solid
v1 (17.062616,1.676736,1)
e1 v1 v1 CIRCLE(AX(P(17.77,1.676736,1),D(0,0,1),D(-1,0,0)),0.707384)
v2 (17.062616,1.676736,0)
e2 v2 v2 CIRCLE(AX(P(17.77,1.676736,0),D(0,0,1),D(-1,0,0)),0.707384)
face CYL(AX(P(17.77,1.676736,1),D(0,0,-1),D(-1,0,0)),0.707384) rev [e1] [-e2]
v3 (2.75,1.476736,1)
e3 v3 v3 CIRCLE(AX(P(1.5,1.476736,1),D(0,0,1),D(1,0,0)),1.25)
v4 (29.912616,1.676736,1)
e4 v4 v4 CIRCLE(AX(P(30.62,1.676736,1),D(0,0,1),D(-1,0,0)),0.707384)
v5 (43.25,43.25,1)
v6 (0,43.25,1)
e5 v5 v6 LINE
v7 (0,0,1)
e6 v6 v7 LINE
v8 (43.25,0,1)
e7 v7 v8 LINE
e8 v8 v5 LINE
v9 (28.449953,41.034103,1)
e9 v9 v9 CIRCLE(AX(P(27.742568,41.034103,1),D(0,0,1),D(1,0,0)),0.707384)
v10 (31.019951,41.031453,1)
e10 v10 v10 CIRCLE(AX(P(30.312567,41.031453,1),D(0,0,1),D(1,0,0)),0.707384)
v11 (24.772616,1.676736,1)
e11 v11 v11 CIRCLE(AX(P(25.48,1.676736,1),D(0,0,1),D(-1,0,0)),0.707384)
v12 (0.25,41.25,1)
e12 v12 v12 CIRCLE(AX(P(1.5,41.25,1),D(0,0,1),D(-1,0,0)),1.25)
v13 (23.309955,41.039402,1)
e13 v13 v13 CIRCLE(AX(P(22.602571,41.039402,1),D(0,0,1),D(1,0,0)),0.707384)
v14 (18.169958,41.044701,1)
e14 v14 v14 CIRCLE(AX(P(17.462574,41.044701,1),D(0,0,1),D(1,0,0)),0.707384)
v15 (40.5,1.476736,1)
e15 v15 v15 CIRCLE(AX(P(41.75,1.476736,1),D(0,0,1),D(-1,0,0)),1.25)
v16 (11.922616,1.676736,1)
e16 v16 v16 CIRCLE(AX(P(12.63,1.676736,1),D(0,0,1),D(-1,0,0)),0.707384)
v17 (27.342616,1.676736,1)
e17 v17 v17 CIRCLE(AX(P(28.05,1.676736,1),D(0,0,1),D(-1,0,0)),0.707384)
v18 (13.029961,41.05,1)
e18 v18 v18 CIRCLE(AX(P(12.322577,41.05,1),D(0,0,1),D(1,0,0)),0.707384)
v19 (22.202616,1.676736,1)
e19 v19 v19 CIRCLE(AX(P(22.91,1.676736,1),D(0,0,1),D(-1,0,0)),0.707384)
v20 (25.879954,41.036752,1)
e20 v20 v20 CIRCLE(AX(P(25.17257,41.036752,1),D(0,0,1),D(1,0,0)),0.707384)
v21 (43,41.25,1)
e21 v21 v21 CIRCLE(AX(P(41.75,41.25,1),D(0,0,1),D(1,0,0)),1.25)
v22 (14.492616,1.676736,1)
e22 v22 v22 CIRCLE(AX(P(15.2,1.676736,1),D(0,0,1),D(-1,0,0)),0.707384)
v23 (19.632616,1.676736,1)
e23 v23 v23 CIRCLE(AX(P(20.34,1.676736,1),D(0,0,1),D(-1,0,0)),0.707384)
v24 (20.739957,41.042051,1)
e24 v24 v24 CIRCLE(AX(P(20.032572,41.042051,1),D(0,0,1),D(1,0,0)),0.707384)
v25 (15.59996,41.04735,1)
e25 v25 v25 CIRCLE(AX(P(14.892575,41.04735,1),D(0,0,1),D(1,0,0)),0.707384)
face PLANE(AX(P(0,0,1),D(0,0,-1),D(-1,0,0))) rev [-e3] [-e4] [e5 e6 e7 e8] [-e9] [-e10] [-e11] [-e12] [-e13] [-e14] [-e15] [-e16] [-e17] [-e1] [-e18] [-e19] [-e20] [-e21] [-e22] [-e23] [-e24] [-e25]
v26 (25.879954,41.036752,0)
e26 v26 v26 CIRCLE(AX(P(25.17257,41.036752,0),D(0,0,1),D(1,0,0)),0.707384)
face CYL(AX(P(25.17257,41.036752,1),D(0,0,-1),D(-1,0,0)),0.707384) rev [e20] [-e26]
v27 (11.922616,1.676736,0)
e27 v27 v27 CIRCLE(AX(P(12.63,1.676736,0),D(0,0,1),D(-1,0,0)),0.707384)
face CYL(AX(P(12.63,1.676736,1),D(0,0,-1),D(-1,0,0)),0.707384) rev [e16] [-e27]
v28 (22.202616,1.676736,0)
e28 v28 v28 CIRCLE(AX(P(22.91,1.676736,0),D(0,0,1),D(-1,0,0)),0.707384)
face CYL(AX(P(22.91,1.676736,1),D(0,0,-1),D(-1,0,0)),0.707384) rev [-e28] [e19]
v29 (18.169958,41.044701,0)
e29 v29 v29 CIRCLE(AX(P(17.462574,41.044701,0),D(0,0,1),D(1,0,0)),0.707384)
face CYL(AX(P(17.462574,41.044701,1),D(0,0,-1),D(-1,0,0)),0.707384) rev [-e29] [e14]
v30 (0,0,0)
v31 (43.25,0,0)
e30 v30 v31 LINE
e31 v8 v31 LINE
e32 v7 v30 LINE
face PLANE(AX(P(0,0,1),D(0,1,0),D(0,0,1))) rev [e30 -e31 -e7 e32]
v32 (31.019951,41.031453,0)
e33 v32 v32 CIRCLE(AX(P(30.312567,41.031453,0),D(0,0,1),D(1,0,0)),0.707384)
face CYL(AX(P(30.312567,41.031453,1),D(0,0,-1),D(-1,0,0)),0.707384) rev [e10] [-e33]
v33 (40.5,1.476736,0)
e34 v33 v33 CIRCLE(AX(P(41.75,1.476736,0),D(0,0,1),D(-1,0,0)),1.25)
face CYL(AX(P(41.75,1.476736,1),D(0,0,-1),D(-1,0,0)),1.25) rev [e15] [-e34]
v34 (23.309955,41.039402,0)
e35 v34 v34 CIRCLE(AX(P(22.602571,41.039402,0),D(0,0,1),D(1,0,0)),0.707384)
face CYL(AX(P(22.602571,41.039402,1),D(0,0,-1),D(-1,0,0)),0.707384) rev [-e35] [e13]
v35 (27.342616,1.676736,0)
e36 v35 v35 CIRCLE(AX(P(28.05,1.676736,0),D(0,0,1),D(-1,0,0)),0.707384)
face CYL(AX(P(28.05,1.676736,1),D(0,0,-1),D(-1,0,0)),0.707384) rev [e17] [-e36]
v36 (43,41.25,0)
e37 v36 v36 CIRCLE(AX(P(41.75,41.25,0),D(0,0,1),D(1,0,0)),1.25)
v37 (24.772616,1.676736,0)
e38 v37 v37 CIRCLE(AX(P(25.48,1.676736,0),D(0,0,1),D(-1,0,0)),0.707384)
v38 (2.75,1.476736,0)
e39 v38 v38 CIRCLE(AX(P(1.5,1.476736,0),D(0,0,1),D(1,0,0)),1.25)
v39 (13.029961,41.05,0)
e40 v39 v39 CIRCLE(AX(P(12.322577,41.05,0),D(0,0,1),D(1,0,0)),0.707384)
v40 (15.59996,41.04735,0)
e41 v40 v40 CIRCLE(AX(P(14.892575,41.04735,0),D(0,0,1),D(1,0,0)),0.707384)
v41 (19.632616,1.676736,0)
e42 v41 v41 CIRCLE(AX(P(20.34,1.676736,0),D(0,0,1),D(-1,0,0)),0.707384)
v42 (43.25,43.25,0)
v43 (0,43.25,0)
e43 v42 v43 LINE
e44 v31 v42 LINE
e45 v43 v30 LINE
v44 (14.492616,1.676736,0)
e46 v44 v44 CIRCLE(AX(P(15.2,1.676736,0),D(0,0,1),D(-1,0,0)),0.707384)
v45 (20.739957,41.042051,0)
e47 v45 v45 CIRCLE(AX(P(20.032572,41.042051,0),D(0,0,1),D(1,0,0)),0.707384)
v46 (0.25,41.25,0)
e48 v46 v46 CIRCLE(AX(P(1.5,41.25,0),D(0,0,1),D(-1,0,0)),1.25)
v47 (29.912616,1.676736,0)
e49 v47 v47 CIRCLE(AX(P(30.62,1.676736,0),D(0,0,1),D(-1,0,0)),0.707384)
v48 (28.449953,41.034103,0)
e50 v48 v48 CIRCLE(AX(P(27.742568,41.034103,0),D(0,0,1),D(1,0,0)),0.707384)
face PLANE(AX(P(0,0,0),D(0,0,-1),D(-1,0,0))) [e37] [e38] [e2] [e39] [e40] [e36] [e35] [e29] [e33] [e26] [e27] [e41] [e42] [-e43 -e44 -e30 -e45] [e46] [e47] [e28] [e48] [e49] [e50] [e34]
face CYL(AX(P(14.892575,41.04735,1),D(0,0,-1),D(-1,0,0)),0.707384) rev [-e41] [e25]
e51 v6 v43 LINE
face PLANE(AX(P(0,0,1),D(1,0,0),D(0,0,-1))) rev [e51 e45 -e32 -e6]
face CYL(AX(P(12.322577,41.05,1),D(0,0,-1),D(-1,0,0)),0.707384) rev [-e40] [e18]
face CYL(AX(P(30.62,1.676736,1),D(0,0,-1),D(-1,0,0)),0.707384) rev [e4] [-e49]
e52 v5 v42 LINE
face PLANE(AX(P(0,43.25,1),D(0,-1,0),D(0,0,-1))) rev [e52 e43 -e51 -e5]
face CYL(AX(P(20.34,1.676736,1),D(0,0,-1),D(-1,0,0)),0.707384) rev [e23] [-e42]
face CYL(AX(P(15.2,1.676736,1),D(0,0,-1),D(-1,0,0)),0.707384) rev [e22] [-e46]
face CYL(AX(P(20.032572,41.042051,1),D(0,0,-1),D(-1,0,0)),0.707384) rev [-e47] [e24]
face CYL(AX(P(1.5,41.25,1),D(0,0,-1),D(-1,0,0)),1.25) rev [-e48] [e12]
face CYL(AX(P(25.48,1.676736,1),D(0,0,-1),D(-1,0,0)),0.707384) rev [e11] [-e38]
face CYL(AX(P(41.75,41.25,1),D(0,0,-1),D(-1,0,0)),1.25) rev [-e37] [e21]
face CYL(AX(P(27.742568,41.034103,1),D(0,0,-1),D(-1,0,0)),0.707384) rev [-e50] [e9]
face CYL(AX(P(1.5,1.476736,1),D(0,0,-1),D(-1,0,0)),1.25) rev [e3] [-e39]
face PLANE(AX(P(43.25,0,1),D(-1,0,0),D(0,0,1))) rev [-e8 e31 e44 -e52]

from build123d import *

# Parameters (mm, degrees)
ESBO_O1_W                = 43.25
ESBO_O1_H                = 43.25
ESBO_O1_R                = 1.25
ESBO_O1_R_2              = 0.707384329
RESSALTO_EXTRUS_O2_DEPTH = 1


with BuildPart() as part:
    # Esboço1 → Ressalto-extrusão2 (new body)
    with BuildSketch(Plane.XY):
        with Locations((21.625, 21.625)):
            Rectangle(ESBO_O1_W, ESBO_O1_H)
        with Locations((1.5, 41.25)):
            Circle(ESBO_O1_R, mode=Mode.SUBTRACT)
        with Locations((12.322576567, 41.05)):
            Circle(ESBO_O1_R_2, mode=Mode.SUBTRACT)
        with Locations((41.75, 41.25)):
            Circle(ESBO_O1_R, mode=Mode.SUBTRACT)
        with Locations((14.892575201, 41.047350464)):
            Circle(ESBO_O1_R_2, mode=Mode.SUBTRACT)
        with Locations((17.462573835, 41.044700929)):
            Circle(ESBO_O1_R_2, mode=Mode.SUBTRACT)
        with Locations((20.03257247, 41.042051393)):
            Circle(ESBO_O1_R_2, mode=Mode.SUBTRACT)
        with Locations((22.602571104, 41.039401857)):
            Circle(ESBO_O1_R_2, mode=Mode.SUBTRACT)
        with Locations((25.172569738, 41.036752321)):
            Circle(ESBO_O1_R_2, mode=Mode.SUBTRACT)
        with Locations((27.742568372, 41.034102786)):
            Circle(ESBO_O1_R_2, mode=Mode.SUBTRACT)
        with Locations((30.312567007, 41.03145325)):
            Circle(ESBO_O1_R_2, mode=Mode.SUBTRACT)
        with Locations((30.62, 1.67673648)):
            Circle(ESBO_O1_R_2, mode=Mode.SUBTRACT)
        with Locations((28.05, 1.67673648)):
            Circle(ESBO_O1_R_2, mode=Mode.SUBTRACT)
        with Locations((25.48, 1.67673648)):
            Circle(ESBO_O1_R_2, mode=Mode.SUBTRACT)
        with Locations((22.91, 1.67673648)):
            Circle(ESBO_O1_R_2, mode=Mode.SUBTRACT)
        with Locations((20.34, 1.67673648)):
            Circle(ESBO_O1_R_2, mode=Mode.SUBTRACT)
        with Locations((17.77, 1.67673648)):
            Circle(ESBO_O1_R_2, mode=Mode.SUBTRACT)
        with Locations((15.2, 1.67673648)):
            Circle(ESBO_O1_R_2, mode=Mode.SUBTRACT)
        with Locations((41.75, 1.47673648)):
            Circle(ESBO_O1_R, mode=Mode.SUBTRACT)
        with Locations((12.63, 1.67673648)):
            Circle(ESBO_O1_R_2, mode=Mode.SUBTRACT)
        with Locations((1.5, 1.47673648)):
            Circle(ESBO_O1_R, mode=Mode.SUBTRACT)
    extrude(amount=RESSALTO_EXTRUS_O2_DEPTH)


solid = part.part
